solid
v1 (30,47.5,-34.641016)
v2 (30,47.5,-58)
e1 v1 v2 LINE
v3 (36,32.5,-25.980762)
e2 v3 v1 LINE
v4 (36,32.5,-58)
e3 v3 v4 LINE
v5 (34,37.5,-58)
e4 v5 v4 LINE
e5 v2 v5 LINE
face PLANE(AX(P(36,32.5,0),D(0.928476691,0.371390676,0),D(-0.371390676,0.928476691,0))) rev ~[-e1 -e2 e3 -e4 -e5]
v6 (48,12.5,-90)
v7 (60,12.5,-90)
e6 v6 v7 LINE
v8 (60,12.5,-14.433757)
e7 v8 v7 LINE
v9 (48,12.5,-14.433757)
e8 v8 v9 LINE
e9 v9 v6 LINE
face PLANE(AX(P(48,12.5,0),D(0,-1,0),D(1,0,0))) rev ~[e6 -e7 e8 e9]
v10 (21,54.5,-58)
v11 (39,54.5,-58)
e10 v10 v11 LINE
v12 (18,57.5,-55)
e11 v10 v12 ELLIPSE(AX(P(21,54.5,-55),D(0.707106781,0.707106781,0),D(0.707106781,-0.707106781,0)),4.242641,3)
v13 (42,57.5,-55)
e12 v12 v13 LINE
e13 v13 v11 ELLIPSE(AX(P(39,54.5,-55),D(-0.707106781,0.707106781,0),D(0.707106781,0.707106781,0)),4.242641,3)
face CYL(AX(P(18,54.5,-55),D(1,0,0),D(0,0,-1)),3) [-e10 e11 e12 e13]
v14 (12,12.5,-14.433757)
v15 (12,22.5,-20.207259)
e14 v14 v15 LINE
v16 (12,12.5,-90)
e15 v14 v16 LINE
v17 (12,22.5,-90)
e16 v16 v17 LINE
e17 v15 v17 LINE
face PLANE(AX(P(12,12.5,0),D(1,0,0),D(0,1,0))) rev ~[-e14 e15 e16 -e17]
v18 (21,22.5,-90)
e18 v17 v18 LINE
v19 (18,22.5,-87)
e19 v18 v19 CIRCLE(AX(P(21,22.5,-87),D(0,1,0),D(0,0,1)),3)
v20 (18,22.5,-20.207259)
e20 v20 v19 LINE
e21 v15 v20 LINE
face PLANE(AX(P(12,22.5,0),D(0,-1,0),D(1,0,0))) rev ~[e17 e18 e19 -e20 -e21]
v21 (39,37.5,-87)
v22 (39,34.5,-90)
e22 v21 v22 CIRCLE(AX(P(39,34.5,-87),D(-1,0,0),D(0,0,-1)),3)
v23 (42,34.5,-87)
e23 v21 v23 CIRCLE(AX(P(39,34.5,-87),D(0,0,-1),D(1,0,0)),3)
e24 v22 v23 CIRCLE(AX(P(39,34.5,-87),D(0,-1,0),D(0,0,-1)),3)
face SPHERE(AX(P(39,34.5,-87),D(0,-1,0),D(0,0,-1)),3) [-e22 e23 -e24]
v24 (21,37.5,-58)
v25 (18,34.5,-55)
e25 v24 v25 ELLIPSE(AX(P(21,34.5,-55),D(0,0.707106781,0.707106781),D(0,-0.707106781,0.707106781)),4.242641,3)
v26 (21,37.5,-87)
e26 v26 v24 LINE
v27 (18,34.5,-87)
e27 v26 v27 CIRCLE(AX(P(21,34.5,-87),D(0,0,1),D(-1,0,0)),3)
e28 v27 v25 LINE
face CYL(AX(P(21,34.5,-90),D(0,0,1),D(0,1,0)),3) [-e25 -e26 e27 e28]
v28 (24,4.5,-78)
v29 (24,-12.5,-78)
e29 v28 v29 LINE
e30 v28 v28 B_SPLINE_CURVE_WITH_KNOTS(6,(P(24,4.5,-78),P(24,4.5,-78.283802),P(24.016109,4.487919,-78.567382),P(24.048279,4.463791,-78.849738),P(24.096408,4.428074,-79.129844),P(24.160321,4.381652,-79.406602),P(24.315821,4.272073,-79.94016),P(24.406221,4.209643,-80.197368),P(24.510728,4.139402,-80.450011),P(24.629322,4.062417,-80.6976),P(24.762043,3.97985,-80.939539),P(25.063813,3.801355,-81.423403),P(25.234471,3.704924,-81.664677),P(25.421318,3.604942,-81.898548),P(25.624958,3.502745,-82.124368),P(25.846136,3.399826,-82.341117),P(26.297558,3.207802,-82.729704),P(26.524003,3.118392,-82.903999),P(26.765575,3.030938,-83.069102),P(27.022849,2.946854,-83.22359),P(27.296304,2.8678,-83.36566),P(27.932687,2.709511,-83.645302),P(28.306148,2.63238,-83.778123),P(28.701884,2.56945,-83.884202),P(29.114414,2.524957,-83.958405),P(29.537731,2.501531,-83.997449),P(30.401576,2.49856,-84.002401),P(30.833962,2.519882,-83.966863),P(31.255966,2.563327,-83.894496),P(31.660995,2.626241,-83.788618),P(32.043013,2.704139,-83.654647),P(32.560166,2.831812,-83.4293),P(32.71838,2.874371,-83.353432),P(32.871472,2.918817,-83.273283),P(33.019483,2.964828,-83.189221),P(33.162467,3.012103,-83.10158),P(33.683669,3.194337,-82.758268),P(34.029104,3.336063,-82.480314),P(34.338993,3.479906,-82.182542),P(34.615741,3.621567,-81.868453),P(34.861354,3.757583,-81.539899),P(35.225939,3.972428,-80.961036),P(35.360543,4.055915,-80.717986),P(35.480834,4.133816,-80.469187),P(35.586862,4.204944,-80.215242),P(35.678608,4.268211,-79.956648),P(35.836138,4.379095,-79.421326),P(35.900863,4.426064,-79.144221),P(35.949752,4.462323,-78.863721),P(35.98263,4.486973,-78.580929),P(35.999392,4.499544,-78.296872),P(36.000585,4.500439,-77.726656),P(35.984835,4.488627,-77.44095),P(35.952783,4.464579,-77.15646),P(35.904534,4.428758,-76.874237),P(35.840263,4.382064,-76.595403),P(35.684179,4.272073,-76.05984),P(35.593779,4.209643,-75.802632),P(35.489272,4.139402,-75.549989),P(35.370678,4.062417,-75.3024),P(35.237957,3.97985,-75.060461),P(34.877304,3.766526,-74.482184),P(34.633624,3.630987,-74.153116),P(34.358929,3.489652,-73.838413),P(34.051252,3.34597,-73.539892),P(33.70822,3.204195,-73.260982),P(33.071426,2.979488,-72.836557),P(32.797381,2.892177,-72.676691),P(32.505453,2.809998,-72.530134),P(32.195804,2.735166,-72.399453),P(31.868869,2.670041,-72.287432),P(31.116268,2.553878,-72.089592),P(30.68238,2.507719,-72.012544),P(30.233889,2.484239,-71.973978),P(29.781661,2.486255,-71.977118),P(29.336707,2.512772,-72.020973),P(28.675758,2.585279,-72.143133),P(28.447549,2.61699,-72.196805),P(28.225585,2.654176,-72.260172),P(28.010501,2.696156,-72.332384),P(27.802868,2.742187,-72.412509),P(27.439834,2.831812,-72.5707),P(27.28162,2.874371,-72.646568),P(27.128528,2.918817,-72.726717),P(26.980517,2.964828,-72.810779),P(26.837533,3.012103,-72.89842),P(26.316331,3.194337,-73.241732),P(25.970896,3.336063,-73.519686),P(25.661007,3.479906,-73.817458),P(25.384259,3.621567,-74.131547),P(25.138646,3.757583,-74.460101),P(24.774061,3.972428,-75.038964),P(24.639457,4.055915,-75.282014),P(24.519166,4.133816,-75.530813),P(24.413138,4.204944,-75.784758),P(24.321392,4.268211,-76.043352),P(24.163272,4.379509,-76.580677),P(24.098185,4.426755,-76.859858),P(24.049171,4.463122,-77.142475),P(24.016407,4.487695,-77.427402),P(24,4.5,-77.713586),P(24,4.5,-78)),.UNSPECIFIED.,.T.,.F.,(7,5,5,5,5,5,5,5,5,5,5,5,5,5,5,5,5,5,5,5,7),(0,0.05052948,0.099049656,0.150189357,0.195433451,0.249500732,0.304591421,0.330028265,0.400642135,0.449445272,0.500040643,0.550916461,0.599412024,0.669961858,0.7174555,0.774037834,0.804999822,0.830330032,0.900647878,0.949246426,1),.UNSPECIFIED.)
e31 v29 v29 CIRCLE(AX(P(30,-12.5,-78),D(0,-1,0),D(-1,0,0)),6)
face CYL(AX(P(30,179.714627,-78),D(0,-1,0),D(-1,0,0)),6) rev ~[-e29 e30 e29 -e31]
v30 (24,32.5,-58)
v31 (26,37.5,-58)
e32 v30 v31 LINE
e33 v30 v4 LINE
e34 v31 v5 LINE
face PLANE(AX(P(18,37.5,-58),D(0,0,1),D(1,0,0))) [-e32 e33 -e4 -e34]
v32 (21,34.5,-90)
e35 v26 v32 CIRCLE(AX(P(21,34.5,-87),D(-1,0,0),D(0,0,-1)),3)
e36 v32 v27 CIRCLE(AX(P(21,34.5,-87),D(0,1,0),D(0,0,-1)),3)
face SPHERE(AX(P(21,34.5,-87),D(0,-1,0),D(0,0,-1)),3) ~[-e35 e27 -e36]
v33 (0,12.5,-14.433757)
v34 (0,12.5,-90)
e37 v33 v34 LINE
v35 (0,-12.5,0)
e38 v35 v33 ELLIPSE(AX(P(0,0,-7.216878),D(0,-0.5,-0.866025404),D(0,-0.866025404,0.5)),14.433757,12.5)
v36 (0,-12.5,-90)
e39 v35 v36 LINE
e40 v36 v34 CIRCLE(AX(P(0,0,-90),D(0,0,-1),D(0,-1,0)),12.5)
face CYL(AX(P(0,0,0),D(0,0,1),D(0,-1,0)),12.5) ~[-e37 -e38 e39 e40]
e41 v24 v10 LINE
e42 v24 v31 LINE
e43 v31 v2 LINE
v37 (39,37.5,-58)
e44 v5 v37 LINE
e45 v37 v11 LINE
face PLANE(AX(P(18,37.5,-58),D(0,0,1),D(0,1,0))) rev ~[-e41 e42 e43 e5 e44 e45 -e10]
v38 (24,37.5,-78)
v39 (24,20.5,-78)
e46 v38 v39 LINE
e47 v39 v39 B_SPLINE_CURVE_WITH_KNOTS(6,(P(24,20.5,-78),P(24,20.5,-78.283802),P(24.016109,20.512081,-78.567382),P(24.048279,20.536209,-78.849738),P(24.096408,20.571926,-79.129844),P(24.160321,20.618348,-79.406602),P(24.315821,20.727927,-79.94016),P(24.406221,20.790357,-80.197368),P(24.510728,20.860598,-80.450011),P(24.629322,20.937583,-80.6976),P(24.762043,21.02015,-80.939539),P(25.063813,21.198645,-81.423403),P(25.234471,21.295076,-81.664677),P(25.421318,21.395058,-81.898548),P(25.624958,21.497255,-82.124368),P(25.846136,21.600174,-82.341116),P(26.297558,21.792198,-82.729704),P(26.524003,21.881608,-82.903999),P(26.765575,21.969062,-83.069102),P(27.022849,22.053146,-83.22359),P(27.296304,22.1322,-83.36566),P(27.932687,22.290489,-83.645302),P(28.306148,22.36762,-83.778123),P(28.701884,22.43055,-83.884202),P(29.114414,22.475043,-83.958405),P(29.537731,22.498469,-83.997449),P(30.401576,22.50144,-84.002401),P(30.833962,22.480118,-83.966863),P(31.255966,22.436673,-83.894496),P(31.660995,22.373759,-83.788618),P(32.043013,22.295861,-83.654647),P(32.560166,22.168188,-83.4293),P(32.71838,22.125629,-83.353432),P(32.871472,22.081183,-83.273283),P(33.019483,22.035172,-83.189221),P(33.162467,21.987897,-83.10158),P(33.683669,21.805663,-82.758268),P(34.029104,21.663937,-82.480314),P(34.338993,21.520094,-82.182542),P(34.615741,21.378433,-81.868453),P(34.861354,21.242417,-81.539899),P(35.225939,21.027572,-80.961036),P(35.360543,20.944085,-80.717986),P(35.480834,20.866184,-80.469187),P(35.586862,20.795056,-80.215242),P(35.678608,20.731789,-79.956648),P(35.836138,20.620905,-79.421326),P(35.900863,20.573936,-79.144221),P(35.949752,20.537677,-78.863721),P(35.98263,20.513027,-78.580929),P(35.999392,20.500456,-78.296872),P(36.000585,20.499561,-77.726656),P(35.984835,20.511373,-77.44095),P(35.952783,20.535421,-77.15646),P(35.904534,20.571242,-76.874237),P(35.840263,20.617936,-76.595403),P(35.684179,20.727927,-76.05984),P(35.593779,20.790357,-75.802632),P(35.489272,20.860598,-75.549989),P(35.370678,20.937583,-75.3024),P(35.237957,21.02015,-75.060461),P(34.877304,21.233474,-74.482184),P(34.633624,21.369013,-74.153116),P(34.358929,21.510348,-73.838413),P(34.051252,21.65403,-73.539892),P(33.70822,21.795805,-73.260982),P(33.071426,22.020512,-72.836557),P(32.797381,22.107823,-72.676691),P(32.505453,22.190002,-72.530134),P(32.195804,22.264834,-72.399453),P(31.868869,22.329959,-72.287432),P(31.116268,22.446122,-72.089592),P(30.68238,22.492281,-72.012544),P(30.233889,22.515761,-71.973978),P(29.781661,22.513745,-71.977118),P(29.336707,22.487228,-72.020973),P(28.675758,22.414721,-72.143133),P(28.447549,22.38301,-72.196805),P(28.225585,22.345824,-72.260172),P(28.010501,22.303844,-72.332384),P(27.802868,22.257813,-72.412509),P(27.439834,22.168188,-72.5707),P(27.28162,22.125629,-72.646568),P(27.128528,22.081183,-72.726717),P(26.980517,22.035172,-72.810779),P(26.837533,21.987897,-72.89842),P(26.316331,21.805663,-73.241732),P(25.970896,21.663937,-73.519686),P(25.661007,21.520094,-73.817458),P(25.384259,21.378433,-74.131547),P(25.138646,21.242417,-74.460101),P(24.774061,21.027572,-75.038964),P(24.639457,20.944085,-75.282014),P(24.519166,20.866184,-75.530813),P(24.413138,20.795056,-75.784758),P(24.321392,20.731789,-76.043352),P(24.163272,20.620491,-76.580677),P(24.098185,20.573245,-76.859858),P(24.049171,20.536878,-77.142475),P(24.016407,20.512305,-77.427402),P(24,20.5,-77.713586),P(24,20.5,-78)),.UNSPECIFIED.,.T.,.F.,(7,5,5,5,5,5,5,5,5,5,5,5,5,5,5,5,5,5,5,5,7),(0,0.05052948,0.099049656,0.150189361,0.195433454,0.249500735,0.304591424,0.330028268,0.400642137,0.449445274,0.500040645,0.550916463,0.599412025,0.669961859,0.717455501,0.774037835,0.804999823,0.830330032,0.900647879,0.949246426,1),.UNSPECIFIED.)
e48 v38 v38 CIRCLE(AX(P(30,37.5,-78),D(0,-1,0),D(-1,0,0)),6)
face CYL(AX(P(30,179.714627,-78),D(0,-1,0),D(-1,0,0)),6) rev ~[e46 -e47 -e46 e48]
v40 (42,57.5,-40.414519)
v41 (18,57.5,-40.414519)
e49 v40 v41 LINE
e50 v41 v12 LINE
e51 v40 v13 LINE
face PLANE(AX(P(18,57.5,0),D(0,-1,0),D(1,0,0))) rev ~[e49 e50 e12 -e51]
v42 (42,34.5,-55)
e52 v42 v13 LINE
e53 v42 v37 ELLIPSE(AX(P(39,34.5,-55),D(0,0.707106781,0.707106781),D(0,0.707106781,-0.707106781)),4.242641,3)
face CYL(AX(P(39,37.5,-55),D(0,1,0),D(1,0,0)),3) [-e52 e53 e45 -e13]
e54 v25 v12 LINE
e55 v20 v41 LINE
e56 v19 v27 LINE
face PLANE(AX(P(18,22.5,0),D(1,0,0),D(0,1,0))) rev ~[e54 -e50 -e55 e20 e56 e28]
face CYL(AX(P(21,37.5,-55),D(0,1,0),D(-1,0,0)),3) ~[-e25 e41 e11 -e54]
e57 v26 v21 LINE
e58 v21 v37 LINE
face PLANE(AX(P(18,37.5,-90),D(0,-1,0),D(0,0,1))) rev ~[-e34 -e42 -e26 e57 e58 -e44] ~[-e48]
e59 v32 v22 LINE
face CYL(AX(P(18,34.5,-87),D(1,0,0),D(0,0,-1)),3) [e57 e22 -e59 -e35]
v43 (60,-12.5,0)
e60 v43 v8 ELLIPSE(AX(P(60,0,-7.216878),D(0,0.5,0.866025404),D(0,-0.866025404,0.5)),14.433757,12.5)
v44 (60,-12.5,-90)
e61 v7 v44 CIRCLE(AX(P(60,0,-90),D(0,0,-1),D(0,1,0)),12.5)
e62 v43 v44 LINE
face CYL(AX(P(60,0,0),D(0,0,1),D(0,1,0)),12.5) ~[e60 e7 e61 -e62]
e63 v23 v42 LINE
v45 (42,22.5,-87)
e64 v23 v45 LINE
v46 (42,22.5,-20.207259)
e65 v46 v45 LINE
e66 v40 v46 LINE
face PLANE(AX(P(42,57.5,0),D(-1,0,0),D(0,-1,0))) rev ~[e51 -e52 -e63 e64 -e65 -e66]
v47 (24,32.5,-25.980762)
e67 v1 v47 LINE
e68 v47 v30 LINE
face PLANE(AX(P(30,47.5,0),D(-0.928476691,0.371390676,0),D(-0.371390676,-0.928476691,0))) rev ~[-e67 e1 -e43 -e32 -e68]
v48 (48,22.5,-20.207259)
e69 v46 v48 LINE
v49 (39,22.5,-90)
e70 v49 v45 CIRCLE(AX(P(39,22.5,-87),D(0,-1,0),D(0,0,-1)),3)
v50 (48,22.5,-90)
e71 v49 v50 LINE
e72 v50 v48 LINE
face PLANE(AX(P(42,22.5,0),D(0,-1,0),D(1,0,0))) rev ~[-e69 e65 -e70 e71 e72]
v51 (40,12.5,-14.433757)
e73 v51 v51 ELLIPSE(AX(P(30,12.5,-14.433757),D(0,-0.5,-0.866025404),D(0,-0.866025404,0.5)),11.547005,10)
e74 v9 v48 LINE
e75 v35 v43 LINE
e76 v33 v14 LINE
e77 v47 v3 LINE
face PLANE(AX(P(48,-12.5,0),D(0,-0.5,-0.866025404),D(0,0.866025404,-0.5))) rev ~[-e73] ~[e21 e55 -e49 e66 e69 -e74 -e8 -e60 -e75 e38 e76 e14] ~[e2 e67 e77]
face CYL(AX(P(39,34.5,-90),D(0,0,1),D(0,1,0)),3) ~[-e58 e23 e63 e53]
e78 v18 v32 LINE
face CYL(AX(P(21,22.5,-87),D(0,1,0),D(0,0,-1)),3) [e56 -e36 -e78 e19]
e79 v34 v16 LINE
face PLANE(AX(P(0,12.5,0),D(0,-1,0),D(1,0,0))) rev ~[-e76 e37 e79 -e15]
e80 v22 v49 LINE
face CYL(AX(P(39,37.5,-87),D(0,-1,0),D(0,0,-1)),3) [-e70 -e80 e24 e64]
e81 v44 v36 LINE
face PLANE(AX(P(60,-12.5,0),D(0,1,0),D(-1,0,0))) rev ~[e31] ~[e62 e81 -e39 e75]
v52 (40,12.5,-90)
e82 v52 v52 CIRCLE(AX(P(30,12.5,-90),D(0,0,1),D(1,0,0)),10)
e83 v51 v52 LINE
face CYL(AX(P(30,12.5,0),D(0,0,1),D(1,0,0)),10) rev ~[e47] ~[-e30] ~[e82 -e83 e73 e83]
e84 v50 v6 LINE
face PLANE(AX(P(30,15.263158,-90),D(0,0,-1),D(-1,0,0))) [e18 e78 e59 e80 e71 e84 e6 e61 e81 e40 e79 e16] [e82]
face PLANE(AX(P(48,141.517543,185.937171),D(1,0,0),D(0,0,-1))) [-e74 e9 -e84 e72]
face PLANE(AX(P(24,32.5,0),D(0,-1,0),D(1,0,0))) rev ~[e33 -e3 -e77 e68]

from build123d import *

# Parameters (mm, degrees)
SKETCH1_R               = 10
BOSS_EXTRUDE1_DEPTH     = 90
CUT_EXTRUDE2_DEPTH      = 25.5
CUT_EXTRUDE2_DEPTH_BACK = 61.5
SKETCH4_W               = 32
SKETCH4_H               = 20
CUT_EXTRUDE3_DEPTH      = 55.5
SKETCH5_W               = 24
SKETCH5_H               = 32
BOSS_EXTRUDE2_DEPTH     = 5
F_1_5MM_DOWEL_HOLE1_D   = 12
FILLET1_R               = 3


with BuildPart() as part:
    # Sketch1 → Boss-Extrude1 (new body)
    with BuildSketch(Plane.XY):
        with BuildLine():
            Line((0, 12.5), (12, 12.5))
            Line((12, 12.5), (12, 22.5))
            Line((12, 22.5), (18, 22.5))
            Line((18, 22.5), (18, 57.5))
            Line((18, 57.5), (42, 57.5))
            Line((42, 57.5), (42, 22.5))
            Line((42, 22.5), (48, 22.5))
            Line((48, 22.5), (48, 12.5))
            Line((48, 12.5), (60, 12.5))
            ThreePointArc((60, 12.5), (72.5, 0), (60, -12.5))
            Line((60, -12.5), (0, -12.5))
            ThreePointArc((0, -12.5), (-12.5, 0), (0, 12.5))
        make_face()
        with Locations((30, 12.5)):
            Circle(SKETCH1_R, mode=Mode.SUBTRACT)
        Polygon((24, 32.5), (36, 32.5), (30, 47.5), align=None, mode=Mode.SUBTRACT)
    extrude(amount=-BOSS_EXTRUDE1_DEPTH)

    # Sketch3 → Cut-Extrude2 (cut, two sides)
    with BuildSketch(Plane(origin=(48, 0, 0), x_dir=(0, 0, -1), z_dir=(1, 0, 0))) as cut_extrude2_sk:
        Polygon((-119.01754251, -218.644430619), (0, -12.5), (40.414518843, 57.5), (159.432061353, 263.644430619), (-252.856799885, 501.679515639), (-531.306403748, 19.390654401), align=None)
    extrude(amount=CUT_EXTRUDE2_DEPTH, mode=Mode.SUBTRACT)
    extrude(cut_extrude2_sk.sketch, amount=-CUT_EXTRUDE2_DEPTH_BACK, mode=Mode.SUBTRACT)

    # Sketch4 → Cut-Extrude3 (cut, through all)
    with BuildSketch(Plane.ZY.offset(-18)):
        with Locations((-74, 47.5)):
            Rectangle(SKETCH4_W, SKETCH4_H)
    extrude(amount=-CUT_EXTRUDE3_DEPTH, mode=Mode.SUBTRACT)

    # Sketch5 → Boss-Extrude2 (add)
    with BuildSketch(Plane(origin=(0, 37.5, 0), x_dir=(1, 0, 0), z_dir=(0, 1, 0))):
        with Locations((30, 74)):
            Rectangle(SKETCH5_W, SKETCH5_H)
    extrude(amount=-BOSS_EXTRUDE2_DEPTH)

    # Ø1.5mm Dowel Hole1 (through all)
    with Locations(Plane(origin=(0, 37.5, 0), x_dir=(1, 0, 0), z_dir=(0, 1, 0))):
        with Locations((30, 78)):
            Hole(F_1_5MM_DOWEL_HOLE1_D / 2)

    # Fillet1
    fillet1_edges = [part.edges().sort_by_distance(p)[0] for p in [
        (42, 30, -90),
        (18, 30, -90),
        (30, 37.5, -90),
        (42, 47.5, -58),
        (30, 57.5, -58),
        (42, 37.5, -74),
        (18, 37.5, -74),
        (18, 47.5, -58),
    ]]
    fillet(fillet1_edges, radius=FILLET1_R)


solid = part.part
